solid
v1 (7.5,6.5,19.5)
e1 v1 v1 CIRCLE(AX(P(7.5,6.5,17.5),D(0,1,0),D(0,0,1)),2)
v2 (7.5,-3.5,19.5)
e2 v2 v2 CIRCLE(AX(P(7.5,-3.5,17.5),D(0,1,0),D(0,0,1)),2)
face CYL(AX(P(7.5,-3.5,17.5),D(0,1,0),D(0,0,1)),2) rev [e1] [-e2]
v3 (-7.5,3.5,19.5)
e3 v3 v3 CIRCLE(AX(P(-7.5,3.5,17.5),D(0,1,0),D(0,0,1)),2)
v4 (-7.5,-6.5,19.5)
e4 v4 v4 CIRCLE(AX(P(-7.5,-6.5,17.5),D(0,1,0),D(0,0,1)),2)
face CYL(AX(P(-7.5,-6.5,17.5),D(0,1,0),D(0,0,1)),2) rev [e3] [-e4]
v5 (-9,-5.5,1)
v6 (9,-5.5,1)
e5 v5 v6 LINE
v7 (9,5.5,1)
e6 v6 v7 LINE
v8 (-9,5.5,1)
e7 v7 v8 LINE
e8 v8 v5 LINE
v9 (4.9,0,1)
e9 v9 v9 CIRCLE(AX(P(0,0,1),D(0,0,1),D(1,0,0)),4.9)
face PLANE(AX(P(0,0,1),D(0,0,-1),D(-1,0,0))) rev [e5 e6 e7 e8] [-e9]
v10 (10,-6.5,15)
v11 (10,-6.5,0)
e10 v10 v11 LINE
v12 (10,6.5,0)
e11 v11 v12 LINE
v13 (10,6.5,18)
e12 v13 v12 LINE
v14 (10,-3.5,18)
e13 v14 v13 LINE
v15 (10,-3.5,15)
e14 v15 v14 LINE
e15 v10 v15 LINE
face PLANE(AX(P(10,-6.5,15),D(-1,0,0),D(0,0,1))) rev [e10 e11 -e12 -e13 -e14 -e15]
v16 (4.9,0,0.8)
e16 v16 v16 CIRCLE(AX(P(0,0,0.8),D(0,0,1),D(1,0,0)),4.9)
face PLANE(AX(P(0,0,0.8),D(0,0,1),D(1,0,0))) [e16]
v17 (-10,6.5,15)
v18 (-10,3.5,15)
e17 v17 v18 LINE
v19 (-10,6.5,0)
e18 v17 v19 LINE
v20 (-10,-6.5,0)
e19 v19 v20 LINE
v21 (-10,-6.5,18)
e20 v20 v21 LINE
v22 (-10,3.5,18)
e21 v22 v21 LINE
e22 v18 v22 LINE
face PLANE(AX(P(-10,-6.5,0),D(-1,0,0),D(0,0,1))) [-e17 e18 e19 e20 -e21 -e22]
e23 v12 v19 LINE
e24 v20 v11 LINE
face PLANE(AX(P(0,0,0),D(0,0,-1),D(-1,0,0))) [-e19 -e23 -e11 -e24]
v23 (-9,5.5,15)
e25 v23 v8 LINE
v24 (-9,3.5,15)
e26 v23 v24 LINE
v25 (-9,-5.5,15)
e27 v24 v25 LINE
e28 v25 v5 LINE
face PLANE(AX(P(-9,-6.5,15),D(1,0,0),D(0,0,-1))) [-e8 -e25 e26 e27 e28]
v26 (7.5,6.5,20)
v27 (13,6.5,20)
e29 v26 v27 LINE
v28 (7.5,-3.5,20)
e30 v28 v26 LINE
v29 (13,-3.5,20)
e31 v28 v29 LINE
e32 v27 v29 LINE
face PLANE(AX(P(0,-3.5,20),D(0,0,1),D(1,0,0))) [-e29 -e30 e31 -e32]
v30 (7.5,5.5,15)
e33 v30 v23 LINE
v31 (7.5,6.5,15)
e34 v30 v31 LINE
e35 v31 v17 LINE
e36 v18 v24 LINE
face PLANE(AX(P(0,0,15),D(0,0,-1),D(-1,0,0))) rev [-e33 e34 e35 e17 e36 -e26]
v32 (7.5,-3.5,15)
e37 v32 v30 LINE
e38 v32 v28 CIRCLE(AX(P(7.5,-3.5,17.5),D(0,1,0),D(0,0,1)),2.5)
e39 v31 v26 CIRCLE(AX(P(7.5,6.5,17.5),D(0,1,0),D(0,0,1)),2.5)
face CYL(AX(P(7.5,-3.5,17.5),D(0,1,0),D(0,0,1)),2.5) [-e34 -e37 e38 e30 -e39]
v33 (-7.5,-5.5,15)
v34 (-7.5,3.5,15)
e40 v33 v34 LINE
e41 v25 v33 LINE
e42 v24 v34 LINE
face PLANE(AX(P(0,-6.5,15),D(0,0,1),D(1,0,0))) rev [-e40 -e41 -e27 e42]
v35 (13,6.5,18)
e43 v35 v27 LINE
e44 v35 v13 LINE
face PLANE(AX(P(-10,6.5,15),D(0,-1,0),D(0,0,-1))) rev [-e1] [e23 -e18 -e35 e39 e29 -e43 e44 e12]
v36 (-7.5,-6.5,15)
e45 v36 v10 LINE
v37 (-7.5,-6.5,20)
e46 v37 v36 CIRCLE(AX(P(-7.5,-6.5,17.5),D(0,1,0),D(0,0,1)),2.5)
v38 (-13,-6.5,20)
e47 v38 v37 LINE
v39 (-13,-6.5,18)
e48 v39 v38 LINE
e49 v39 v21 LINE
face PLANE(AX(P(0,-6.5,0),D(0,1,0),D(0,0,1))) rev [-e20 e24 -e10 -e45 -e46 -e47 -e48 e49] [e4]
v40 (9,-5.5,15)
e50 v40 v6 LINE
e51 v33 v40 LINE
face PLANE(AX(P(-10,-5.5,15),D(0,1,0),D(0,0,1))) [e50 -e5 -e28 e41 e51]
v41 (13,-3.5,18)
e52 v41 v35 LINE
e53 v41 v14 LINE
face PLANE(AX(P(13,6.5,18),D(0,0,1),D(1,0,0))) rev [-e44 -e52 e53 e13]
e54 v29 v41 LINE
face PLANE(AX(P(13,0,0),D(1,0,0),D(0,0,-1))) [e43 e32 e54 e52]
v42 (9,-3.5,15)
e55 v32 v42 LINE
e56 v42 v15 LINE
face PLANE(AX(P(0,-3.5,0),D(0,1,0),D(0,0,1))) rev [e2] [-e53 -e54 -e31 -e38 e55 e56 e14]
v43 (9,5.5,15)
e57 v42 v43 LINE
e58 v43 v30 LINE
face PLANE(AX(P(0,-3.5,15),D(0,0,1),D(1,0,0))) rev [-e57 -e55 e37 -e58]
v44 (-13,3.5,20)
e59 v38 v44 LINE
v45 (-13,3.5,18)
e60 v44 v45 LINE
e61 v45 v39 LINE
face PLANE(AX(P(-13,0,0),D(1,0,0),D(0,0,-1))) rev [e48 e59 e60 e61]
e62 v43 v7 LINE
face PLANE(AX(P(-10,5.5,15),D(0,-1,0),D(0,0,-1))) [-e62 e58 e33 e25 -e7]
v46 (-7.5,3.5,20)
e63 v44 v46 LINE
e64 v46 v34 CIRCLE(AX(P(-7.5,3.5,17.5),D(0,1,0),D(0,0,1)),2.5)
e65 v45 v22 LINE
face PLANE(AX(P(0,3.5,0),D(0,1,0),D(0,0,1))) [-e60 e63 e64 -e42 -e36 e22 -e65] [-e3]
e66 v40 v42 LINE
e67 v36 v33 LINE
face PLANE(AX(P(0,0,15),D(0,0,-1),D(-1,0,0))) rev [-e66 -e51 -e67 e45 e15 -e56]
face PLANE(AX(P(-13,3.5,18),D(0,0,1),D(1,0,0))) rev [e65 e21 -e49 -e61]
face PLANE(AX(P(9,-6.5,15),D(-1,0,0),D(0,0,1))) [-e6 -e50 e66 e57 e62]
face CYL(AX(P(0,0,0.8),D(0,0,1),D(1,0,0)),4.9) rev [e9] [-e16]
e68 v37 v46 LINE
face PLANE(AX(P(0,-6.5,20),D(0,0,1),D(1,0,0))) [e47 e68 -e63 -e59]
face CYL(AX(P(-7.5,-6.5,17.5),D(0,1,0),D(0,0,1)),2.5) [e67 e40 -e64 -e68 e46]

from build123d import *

# Parameters (mm, degrees)
SKETCH_1_W          = 20
SKETCH_1_H          = 13
EXTRUDE_1_DEPTH     = 15
SHELL_1_T           = -1
SKETCH_2_R          = 2.5
SKETCH_2_R_2        = 2
EXTRUDE_4_DEPTH     = 10
SKETCH_3_R          = 4.9
CUT_EXTRUDE_1_DEPTH = 0.2
SKETCH_9_R          = 2.5
SKETCH_9_R_2        = 2
EXTRUDE_8_DEPTH     = 10
SKETCH_6_W          = 2
SKETCH_6_H          = 10
EXTRUDE_10_DEPTH    = 3
SKETCH_10_W         = 2
SKETCH_10_H         = 10
EXTRUDE_11_DEPTH    = 3


with BuildPart() as part:
    # 스케치1 → 보스-돌출1 (new body)
    with BuildSketch(Plane.XY):
        Rectangle(SKETCH_1_W, SKETCH_1_H)
    extrude(amount=EXTRUDE_1_DEPTH)

    # 쉘1
    shell_1_openings = [part.faces().sort_by_distance(p)[0] for p in [
        (0, 0, 15),
    ]]
    offset(amount=SHELL_1_T, openings=shell_1_openings, kind=Kind.INTERSECTION)

    # 스케치3 → 컷-돌출1 (cut)
    with BuildSketch(Plane.XY.offset(1)):
        Circle(SKETCH_3_R)
    extrude(amount=-CUT_EXTRUDE_1_DEPTH, mode=Mode.SUBTRACT)

    # 스케치9 → 보스-돌출8 (add)
    # profile 1 of 3: a face of its own
    with BuildSketch(Plane(origin=(0, 6.5, 0), x_dir=(1, 0, 0), z_dir=(0, 1, 0))):
        with BuildLine():
            Line((10, -17.5), (10, -15))
            Line((10, -15), (7.5, -15))
            ThreePointArc((7.5, -15), (9.267766953, -15.732233047), (10, -17.5))
        make_face()
    # profile 2 of 3: a face of its own
    with BuildSketch(Plane(origin=(0, 6.5, 0), x_dir=(1, 0, 0), z_dir=(0, 1, 0))):
        with BuildLine():
            Line((10, -20), (10, -17.5))
            ThreePointArc((10, -17.5), (9.267766953, -19.267766953), (7.5, -20))
            Line((7.5, -20), (10, -20))
        make_face()
    # profile 3 of 3: a face of its own
    with BuildSketch(Plane(origin=(0, 6.5, 0), x_dir=(1, 0, 0), z_dir=(0, 1, 0))):
        with Locations((7.5, -17.5)):
            Circle(SKETCH_9_R)
        with Locations(Location((7.5, -17.5, 0), (0, 0, 270))):
            Circle(SKETCH_9_R_2, mode=Mode.SUBTRACT)
    extrude(amount=-EXTRUDE_8_DEPTH)


with BuildPart() as body_2:
    # 스케치2 → 보스-돌출4 (new body)
    # profile 1 of 3: a face of its own
    with BuildSketch(Plane(origin=(0, 3.5, 0), x_dir=(1, 0, 0), z_dir=(0, 1, 0))):
        with BuildLine():
            ThreePointArc((-7.5, -20), (-9.267766953, -19.267766953), (-10, -17.5))
            Line((-10, -17.5), (-10, -20))
            Line((-10, -20), (-7.5, -20))
        make_face()
    # profile 2 of 3: a face of its own
    with BuildSketch(Plane(origin=(0, 3.5, 0), x_dir=(1, 0, 0), z_dir=(0, 1, 0))):
        with Locations((-7.5, -17.5)):
            Circle(SKETCH_2_R)
        with Locations(Location((-7.5, -17.5, 0), (0, 0, 270))):
            Circle(SKETCH_2_R_2, mode=Mode.SUBTRACT)
    # profile 3 of 3: a face of its own
    with BuildSketch(Plane(origin=(0, 3.5, 0), x_dir=(1, 0, 0), z_dir=(0, 1, 0))):
        with BuildLine():
            Line((-7.5, -15), (-10, -15))
            Line((-10, -15), (-10, -17.5))
            ThreePointArc((-10, -17.5), (-9.267766953, -15.732233047), (-7.5, -15))
        make_face()
    extrude(amount=-EXTRUDE_4_DEPTH)


    add(part.part)  # 보스-돌출10 merges part
    # 스케치6 → 보스-돌출10 (add)
    with BuildSketch(Plane.ZY.offset(10)):
        with Locations((19, -1.5)):
            Rectangle(SKETCH_6_W, SKETCH_6_H)
    extrude(amount=EXTRUDE_10_DEPTH)

    # 스케치10 → 보스-돌출11 (add)
    with BuildSketch(Plane(origin=(10, 0, 0), x_dir=(0, 0, -1), z_dir=(1, 0, 0))):
        with Locations((-19, 1.5)):
            Rectangle(SKETCH_10_W, SKETCH_10_H)
    extrude(amount=EXTRUDE_11_DEPTH)


solid = body_2.part
